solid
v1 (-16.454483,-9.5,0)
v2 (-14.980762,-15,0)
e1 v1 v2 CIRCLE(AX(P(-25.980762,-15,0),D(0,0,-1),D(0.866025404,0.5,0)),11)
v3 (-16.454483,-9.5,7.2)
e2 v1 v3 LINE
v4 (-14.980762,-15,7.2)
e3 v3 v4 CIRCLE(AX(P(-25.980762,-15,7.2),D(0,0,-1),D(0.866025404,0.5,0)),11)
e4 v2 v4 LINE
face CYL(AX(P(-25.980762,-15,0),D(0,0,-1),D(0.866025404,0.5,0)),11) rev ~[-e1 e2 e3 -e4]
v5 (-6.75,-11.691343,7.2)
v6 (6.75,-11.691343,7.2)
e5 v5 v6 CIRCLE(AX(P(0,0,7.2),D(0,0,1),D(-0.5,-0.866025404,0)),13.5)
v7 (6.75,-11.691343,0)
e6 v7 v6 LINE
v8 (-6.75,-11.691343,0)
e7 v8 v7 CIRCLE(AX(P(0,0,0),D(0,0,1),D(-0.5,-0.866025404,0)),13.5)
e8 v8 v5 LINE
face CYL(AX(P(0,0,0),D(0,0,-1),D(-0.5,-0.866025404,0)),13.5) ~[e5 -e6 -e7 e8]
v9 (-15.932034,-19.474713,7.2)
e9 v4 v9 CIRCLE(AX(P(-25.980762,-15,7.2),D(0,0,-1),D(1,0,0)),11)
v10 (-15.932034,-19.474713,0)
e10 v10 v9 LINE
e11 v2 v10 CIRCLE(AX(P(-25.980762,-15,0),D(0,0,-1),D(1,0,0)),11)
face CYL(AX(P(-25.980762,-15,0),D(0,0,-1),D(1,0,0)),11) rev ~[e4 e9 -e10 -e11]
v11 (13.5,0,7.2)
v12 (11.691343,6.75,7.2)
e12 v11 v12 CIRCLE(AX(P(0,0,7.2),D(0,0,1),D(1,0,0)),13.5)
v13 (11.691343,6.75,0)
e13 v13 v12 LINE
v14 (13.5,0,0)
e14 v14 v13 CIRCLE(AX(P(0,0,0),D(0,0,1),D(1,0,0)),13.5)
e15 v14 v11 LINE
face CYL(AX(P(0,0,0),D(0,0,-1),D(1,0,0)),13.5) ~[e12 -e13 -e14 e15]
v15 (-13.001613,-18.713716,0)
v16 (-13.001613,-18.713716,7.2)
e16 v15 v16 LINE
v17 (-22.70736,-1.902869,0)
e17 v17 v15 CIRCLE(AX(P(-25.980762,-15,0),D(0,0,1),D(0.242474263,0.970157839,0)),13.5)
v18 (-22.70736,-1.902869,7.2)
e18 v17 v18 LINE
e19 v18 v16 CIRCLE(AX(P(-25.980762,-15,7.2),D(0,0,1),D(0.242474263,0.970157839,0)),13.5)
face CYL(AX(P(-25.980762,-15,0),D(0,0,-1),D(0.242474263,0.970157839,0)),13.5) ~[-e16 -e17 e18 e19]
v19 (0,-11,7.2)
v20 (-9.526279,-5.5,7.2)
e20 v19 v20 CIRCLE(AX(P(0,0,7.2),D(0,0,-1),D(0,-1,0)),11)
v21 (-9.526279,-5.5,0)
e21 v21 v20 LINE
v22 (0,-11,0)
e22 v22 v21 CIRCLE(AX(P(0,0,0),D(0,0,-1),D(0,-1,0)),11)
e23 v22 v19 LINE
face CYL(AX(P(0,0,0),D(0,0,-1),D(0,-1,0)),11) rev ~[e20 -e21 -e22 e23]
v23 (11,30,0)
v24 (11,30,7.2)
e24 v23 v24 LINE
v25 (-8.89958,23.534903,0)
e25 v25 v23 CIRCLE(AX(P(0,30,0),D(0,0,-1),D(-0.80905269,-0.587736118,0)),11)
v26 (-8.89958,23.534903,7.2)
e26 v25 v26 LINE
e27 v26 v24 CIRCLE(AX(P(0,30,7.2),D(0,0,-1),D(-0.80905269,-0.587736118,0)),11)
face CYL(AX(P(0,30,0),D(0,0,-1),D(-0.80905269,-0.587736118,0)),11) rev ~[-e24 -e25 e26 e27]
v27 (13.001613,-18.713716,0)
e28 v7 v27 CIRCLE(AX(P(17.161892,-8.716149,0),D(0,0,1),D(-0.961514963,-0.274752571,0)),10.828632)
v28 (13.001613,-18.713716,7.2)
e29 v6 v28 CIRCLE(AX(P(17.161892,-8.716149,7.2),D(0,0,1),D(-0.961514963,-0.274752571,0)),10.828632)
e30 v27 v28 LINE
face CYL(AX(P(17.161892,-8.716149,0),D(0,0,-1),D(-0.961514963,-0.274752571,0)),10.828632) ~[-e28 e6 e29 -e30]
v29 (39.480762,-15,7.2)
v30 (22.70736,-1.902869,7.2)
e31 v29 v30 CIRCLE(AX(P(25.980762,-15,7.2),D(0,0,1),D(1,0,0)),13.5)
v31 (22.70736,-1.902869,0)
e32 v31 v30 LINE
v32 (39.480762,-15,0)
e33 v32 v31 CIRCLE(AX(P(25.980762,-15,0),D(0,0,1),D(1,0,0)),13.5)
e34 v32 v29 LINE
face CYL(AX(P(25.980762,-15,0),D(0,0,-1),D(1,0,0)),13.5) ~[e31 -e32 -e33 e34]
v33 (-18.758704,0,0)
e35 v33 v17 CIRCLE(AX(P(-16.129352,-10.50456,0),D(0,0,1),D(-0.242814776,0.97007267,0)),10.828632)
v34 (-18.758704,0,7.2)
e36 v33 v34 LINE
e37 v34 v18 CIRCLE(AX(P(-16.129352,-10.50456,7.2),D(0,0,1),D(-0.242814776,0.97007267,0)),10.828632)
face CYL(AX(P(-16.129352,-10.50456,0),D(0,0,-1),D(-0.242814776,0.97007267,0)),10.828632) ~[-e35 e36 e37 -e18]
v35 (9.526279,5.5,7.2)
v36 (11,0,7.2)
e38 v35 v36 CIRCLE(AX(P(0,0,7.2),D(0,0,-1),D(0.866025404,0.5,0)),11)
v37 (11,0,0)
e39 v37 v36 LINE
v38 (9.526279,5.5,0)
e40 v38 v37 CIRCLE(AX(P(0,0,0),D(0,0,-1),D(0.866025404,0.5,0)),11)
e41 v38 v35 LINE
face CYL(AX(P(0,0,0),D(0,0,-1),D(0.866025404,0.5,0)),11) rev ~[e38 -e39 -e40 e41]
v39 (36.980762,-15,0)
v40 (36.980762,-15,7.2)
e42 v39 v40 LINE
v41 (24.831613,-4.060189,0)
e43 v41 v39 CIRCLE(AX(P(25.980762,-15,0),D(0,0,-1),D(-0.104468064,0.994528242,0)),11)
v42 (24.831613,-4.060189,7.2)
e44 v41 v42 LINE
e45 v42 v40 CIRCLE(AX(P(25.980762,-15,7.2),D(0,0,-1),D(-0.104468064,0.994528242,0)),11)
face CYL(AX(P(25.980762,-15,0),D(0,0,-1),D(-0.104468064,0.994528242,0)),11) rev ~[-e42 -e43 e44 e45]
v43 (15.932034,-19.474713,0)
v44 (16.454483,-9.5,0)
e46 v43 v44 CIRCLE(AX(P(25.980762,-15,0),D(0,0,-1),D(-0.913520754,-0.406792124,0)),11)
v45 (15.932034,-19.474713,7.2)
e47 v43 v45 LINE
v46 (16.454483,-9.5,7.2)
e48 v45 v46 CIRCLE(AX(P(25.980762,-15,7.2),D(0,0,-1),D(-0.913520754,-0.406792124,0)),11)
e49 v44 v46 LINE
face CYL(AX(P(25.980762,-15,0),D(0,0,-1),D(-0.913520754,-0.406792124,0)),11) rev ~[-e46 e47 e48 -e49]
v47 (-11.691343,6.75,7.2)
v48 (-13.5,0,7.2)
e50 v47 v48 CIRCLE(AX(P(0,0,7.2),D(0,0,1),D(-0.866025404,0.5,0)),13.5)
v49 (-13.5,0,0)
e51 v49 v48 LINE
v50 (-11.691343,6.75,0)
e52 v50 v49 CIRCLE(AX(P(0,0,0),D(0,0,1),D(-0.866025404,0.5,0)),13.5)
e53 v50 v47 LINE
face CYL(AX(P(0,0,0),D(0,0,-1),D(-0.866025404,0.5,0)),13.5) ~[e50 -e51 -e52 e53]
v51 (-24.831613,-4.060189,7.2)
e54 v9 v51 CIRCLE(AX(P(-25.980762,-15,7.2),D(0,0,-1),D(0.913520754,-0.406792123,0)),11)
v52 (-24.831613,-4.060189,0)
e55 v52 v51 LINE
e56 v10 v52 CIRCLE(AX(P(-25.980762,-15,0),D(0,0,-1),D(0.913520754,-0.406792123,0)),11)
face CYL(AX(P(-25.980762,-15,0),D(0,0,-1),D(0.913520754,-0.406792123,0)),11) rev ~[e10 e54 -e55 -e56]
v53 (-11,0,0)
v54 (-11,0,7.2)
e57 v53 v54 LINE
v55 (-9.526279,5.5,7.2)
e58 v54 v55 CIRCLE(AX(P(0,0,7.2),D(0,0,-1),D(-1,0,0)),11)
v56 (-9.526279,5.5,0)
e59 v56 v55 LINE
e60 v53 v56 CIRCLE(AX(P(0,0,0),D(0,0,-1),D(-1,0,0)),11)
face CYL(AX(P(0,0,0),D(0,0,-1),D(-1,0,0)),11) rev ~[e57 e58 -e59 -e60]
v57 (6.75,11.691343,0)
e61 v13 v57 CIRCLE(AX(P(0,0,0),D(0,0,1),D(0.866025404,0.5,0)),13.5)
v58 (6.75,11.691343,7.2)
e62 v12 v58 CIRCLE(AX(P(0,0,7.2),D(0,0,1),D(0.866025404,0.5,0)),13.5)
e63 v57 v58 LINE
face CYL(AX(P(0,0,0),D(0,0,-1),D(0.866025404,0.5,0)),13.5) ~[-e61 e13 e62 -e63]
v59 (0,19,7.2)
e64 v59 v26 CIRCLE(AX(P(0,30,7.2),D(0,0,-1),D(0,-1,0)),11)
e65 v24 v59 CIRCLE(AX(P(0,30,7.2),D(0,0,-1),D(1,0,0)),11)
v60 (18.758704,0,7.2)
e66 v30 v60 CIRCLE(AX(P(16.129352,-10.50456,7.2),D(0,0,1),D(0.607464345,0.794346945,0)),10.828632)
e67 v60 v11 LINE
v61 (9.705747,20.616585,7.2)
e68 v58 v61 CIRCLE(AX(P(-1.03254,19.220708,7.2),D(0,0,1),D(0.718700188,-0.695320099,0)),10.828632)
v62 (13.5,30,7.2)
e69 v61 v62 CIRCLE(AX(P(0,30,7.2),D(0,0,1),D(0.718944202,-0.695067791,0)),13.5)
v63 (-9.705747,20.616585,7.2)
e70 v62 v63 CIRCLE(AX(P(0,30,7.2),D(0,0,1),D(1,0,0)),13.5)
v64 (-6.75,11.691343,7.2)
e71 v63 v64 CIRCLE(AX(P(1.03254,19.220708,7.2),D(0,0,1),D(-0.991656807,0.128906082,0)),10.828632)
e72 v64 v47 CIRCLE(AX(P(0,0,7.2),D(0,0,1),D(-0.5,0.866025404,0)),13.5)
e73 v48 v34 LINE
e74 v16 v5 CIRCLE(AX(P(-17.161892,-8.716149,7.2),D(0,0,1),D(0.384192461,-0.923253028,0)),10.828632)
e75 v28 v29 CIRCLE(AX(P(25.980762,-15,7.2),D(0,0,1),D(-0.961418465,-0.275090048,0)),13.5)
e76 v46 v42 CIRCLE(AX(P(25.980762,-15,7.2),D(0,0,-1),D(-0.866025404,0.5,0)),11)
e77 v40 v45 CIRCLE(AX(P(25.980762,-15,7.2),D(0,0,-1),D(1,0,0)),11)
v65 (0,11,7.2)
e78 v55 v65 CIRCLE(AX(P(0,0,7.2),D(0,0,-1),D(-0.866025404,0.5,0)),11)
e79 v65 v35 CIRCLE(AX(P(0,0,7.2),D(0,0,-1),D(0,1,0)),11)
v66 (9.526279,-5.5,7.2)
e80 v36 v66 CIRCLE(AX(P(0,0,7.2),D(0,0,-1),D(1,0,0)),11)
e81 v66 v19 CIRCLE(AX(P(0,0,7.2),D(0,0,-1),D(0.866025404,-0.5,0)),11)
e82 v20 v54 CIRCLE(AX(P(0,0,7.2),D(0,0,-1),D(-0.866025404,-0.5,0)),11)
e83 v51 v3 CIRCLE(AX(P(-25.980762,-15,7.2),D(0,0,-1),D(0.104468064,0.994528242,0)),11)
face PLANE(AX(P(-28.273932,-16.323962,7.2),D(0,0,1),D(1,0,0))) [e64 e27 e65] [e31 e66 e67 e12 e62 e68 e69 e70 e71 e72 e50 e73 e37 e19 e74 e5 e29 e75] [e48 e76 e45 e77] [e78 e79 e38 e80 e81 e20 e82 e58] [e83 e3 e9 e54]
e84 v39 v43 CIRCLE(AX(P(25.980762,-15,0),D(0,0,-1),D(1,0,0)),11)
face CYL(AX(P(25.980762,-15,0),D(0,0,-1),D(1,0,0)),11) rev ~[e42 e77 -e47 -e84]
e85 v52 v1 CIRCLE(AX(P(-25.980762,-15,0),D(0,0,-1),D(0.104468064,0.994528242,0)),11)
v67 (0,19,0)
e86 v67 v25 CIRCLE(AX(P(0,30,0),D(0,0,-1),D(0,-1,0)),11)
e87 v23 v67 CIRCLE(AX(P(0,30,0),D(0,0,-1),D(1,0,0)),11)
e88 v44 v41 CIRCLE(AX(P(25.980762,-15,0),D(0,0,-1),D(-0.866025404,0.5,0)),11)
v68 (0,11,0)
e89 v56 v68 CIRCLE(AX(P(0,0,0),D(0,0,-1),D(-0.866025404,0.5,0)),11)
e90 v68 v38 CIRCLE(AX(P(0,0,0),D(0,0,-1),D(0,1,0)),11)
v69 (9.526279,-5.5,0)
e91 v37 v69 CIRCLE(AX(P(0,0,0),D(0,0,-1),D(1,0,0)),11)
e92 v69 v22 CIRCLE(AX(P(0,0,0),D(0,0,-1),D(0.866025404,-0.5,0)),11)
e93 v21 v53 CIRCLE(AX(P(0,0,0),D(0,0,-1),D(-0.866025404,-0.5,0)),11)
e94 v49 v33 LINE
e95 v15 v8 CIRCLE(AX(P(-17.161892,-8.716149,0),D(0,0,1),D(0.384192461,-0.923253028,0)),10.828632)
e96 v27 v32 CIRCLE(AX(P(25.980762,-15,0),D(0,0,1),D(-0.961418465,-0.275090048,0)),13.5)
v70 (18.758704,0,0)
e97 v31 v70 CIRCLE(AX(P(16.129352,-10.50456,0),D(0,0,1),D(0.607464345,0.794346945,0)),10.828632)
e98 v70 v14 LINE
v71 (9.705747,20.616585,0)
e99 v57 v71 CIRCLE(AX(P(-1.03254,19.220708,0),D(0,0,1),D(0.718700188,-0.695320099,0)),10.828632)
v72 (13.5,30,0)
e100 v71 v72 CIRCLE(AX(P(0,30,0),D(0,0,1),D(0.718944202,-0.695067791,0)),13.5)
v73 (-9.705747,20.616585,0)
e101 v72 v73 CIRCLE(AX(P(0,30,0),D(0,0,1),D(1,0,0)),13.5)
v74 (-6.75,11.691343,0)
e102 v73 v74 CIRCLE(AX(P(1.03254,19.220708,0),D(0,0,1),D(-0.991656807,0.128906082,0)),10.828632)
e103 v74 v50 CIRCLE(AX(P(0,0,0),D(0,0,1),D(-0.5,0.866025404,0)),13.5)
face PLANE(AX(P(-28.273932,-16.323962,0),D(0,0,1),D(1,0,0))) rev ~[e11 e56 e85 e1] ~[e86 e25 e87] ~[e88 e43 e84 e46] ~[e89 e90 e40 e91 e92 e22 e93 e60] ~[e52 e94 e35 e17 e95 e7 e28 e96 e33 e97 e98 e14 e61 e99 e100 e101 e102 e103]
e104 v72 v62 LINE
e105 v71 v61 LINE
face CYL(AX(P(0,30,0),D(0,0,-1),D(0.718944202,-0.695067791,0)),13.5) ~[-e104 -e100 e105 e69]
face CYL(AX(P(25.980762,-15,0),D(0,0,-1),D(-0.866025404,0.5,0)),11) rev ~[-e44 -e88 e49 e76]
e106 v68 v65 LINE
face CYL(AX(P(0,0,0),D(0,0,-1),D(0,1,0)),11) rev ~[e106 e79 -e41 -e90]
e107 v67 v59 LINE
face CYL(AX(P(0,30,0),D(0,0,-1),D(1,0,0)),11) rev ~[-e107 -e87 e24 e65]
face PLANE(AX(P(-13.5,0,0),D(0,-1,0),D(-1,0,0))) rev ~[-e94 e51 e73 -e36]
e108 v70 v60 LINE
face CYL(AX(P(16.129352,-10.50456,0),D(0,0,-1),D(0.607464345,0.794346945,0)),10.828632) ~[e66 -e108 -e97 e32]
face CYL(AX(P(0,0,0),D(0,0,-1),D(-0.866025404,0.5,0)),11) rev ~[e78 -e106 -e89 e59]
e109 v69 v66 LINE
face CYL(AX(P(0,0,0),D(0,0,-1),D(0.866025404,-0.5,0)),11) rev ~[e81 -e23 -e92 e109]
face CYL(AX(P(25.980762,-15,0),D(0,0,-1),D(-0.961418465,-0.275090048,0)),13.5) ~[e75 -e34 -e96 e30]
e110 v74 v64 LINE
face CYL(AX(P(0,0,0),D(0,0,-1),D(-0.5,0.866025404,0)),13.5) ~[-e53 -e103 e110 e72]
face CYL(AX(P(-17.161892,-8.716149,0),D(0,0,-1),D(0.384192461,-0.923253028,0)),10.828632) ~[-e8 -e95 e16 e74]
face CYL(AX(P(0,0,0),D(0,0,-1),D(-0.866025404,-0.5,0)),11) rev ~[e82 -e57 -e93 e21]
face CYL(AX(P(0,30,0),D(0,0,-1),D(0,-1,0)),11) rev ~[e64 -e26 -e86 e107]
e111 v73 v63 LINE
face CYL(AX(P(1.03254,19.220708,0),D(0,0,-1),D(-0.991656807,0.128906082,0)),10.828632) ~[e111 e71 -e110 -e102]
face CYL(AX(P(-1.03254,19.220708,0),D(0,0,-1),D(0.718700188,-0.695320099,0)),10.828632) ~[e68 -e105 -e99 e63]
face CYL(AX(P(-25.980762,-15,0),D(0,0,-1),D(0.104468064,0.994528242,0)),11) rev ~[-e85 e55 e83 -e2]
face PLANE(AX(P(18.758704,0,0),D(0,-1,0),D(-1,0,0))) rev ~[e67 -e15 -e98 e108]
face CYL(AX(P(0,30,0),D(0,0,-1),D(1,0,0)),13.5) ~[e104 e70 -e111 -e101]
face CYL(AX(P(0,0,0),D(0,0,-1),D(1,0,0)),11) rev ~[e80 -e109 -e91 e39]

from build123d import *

# Parameters (mm, degrees)
F1_DEPTH = 7.2


with BuildPart() as f1:
    # F0 (on Top) → F1 (new body)
    with BuildSketch(Plane.XY):
        with BuildLine():
            ThreePointArc((-22.7073595632, -1.902869179), (-37.6721050646, -21.75), (-13.0016128307, -18.7137156451))
            ThreePointArc((-13.0016128307, -18.7137156451), (-14.4400957969, -19.1971358452), (-15.9320338179, -19.4747133584))
            ThreePointArc((-15.9320338179, -19.4747133584), (-35.5070415552, -20.5), (-24.8316134088, -4.060189341))
            ThreePointArc((-24.8316134088, -4.060189341), (-23.8452552203, -2.9069218706), (-22.7073595632, -1.902869179))
        make_face()
        with BuildLine():
            ThreePointArc((-6.75, -11.6913429511), (-9.545941546, -9.545941546), (-11.6913429511, -6.75))
            Line((-11.6913429511, -6.75), (-14.2894191624, -8.25))
            ThreePointArc((-14.2894191624, -8.25), (-12.9407634586, -11.5059428911), (-12.4807621135, -15))
            ThreePointArc((-12.4807621135, -15), (-12.6116088995, -16.8750312906), (-13.0016128307, -18.7137156451))
            ThreePointArc((-13.0016128307, -18.7137156451), (-9.0739087263, -15.9164124969), (-6.75, -11.6913429511))
        make_face()
        with BuildLine():
            Line((-14.2894191624, -8.25), (-11.6913429511, -6.75))
            ThreePointArc((-11.6913429511, -6.75), (-13.0399986549, -3.4940571089), (-13.5, 0))
            Line((-13.5, 0), (-18.7587036207, 0))
            ThreePointArc((-18.7587036207, 0), (-20.8303192969, -0.7495522538), (-22.7073595632, -1.902869179))
            ThreePointArc((-22.7073595632, -1.902869179), (-17.8531905577, -4.2207337632), (-14.2894191624, -8.25))
        make_face()
        with BuildLine():
            Line((-16.4544826719, -9.5), (-14.2894191624, -8.25))
            ThreePointArc((-14.2894191624, -8.25), (-17.8531905577, -4.2207337632), (-22.7073595632, -1.902869179))
            ThreePointArc((-22.7073595632, -1.902869179), (-23.8452552203, -2.9069218706), (-24.8316134088, -4.060189341))
            ThreePointArc((-24.8316134088, -4.060189341), (-19.9900128675, -5.7744418342), (-16.4544826719, -9.5))
        make_face()
        with BuildLine():
            ThreePointArc((-12.4807621135, -15), (-12.9407634586, -11.5059428911), (-14.2894191624, -8.25))
            Line((-14.2894191624, -8.25), (-16.4544826719, -9.5))
            ThreePointArc((-16.4544826719, -9.5), (-15.3555780244, -12.1529905039), (-14.9807621135, -15))
            ThreePointArc((-14.9807621135, -15), (-15.221207958, -17.2873553231), (-15.9320338179, -19.4747133584))
            ThreePointArc((-15.9320338179, -19.4747133584), (-14.4400957969, -19.1971358452), (-13.0016128307, -18.7137156451))
            ThreePointArc((-13.0016128307, -18.7137156451), (-12.6116088995, -16.8750312906), (-12.4807621135, -15))
        make_face()
        with BuildLine():
            Line((16.4544826719, -9.5), (14.2894191624, -8.25))
            ThreePointArc((14.2894191624, -8.25), (12.5818579404, -13.35094968), (13.0016128307, -18.7137156451))
            ThreePointArc((13.0016128307, -18.7137156451), (14.4400957969, -19.1971358452), (15.9320338179, -19.4747133584))
            ThreePointArc((15.9320338179, -19.4747133584), (14.9958197548, -14.4246380482), (16.4544826719, -9.5))
        make_face()
        with BuildLine():
            Line((14.2894191624, -8.25), (11.6913429511, -6.75))
            ThreePointArc((11.6913429511, -6.75), (9.545941546, -9.545941546), (6.75, -11.6913429511))
            ThreePointArc((6.75, -11.6913429511), (9.0739087263, -15.9164124969), (13.0016128307, -18.7137156451))
            ThreePointArc((13.0016128307, -18.7137156451), (12.5818579404, -13.35094968), (14.2894191624, -8.25))
        make_face()
        with BuildLine():
            Line((18.7587036207, 0), (13.5, 0))
            ThreePointArc((13.5, 0), (13.0399986549, -3.4940571089), (11.6913429511, -6.75))
            Line((11.6913429511, -6.75), (14.2894191624, -8.25))
            ThreePointArc((14.2894191624, -8.25), (17.8531905577, -4.2207337632), (22.7073595632, -1.902869179))
            ThreePointArc((22.7073595632, -1.902869179), (20.8303192969, -0.7495522538), (18.7587036207, 0))
        make_face()
        with BuildLine():
            ThreePointArc((39.4807621135, -15), (34.2891634511, -4.3594893349), (22.7073595632, -1.902869179))
            ThreePointArc((22.7073595632, -1.902869179), (23.8452552203, -2.9069218706), (24.8316134088, -4.060189341))
            ThreePointArc((24.8316134088, -4.060189341), (33.3414470086, -6.8256304294), (36.9807621135, -15))
            ThreePointArc((36.9807621135, -15), (28.2681174366, -25.7595541555), (15.9320338179, -19.4747133584))
            ThreePointArc((15.9320338179, -19.4747133584), (14.4400957969, -19.1971358452), (13.0016128307, -18.7137156451))
            ThreePointArc((13.0016128307, -18.7137156451), (27.8557934041, -28.369153214), (39.4807621135, -15))
        make_face()
        with BuildLine():
            ThreePointArc((22.7073595632, -1.902869179), (17.8531905577, -4.2207337632), (14.2894191624, -8.25))
            Line((14.2894191624, -8.25), (16.4544826719, -9.5))
            ThreePointArc((16.4544826719, -9.5), (19.9900128675, -5.7744418342), (24.8316134088, -4.060189341))
            ThreePointArc((24.8316134088, -4.060189341), (23.8452552203, -2.9069218706), (22.7073595632, -1.902869179))
        make_face()
        with BuildLine():
            ThreePointArc((0, 11), (5.5, 9.5262794416), (9.5262794416, 5.5))
            Line((9.5262794416, 5.5), (11.6913429511, 6.75))
            ThreePointArc((11.6913429511, 6.75), (9.545941546, 9.545941546), (6.75, 11.6913429511))
            ThreePointArc((6.75, 11.6913429511), (3.4940571089, 13.0399986549), (0, 13.5))
            Line((0, 13.5), (0, 11))
        make_face()
        with BuildLine():
            ThreePointArc((9.5262794416, 5.5), (10.6251840892, 2.8470094961), (11, 0))
            Line((11, 0), (13.5, 0))
            ThreePointArc((13.5, 0), (13.0399986549, 3.4940571089), (11.6913429511, 6.75))
            Line((11.6913429511, 6.75), (9.5262794416, 5.5))
        make_face()
        with BuildLine():
            Line((13.5, 0), (11, 0))
            ThreePointArc((11, 0), (10.6251840892, -2.8470094961), (9.5262794416, -5.5))
            Line((9.5262794416, -5.5), (11.6913429511, -6.75))
            ThreePointArc((11.6913429511, -6.75), (13.0399986549, -3.4940571089), (13.5, 0))
        make_face()
        with BuildLine():
            Line((11.6913429511, -6.75), (9.5262794416, -5.5))
            ThreePointArc((9.5262794416, -5.5), (5.5, -9.5262794416), (0, -11))
            Line((0, -11), (0, -13.5))
            ThreePointArc((0, -13.5), (3.4940571089, -13.0399986549), (6.75, -11.6913429511))
            ThreePointArc((6.75, -11.6913429511), (9.545941546, -9.545941546), (11.6913429511, -6.75))
        make_face()
        with BuildLine():
            Line((0, -13.5), (0, -11))
            ThreePointArc((0, -11), (-5.5, -9.5262794416), (-9.5262794416, -5.5))
            Line((-9.5262794416, -5.5), (-11.6913429511, -6.75))
            ThreePointArc((-11.6913429511, -6.75), (-9.545941546, -9.545941546), (-6.75, -11.6913429511))
            ThreePointArc((-6.75, -11.6913429511), (-3.4940571089, -13.0399986549), (0, -13.5))
        make_face()
        with BuildLine():
            Line((-11.6913429511, -6.75), (-9.5262794416, -5.5))
            ThreePointArc((-9.5262794416, -5.5), (-10.6251840892, -2.8470094961), (-11, 0))
            Line((-11, 0), (-13.5, 0))
            ThreePointArc((-13.5, 0), (-13.0399986549, -3.4940571089), (-11.6913429511, -6.75))
        make_face()
        with BuildLine():
            Line((-13.5, 0), (-11, 0))
            ThreePointArc((-11, 0), (-10.6251840892, 2.8470094961), (-9.5262794416, 5.5))
            Line((-9.5262794416, 5.5), (-11.6913429511, 6.75))
            ThreePointArc((-11.6913429511, 6.75), (-13.0399986549, 3.4940571089), (-13.5, 0))
        make_face()
        with BuildLine():
            ThreePointArc((-9.5262794416, 5.5), (-5.5, 9.5262794416), (0, 11))
            Line((0, 11), (0, 13.5))
            ThreePointArc((0, 13.5), (-3.4940571089, 13.0399986549), (-6.75, 11.6913429511))
            ThreePointArc((-6.75, 11.6913429511), (-9.545941546, 9.545941546), (-11.6913429511, 6.75))
            Line((-11.6913429511, 6.75), (-9.5262794416, 5.5))
        make_face()
        with BuildLine():
            ThreePointArc((-6.75, 11.6913429511), (-3.4940571089, 13.0399986549), (0, 13.5))
            Line((0, 13.5), (0, 16.5))
            ThreePointArc((0, 16.5), (-5.2713326173, 17.5716834431), (-9.7057467326, 20.6165848241))
            ThreePointArc((-9.7057467326, 20.6165848241), (-9.2470631962, 15.816441717), (-6.75, 11.6913429511))
        make_face()
        with BuildLine():
            Line((0, 16.5), (0, 13.5))
            ThreePointArc((0, 13.5), (3.4940571089, 13.0399986549), (6.75, 11.6913429511))
            ThreePointArc((6.75, 11.6913429511), (9.2470631962, 15.816441717), (9.7057467326, 20.6165848241))
            ThreePointArc((9.7057467326, 20.6165848241), (5.2713326173, 17.5716834431), (0, 16.5))
        make_face()
        with BuildLine():
            Line((0, 19), (0, 16.5))
            ThreePointArc((0, 16.5), (5.2713326173, 17.5716834431), (9.7057467326, 20.6165848241))
            ThreePointArc((9.7057467326, 20.6165848241), (9.4051594234, 22.1040577159), (8.8995795909, 23.5349026995))
            ThreePointArc((8.8995795909, 23.5349026995), (4.9941931127, 20.1990798823), (0, 19))
        make_face()
        with BuildLine():
            ThreePointArc((-9.7057467326, 20.6165848241), (-5.2713326173, 17.5716834431), (0, 16.5))
            Line((0, 16.5), (0, 19))
            ThreePointArc((0, 19), (-4.9941931127, 20.1990798823), (-8.8995795909, 23.5349026995))
            ThreePointArc((-8.8995795909, 23.5349026995), (-9.4051594234, 22.1040577159), (-9.7057467326, 20.6165848241))
        make_face()
        with BuildLine():
            ThreePointArc((8.8995795909, 23.5349026995), (9.4051594234, 22.1040577159), (9.7057467326, 20.6165848241))
            ThreePointArc((9.7057467326, 20.6165848241), (12.5155419557, 24.9392481235), (13.5, 30))
            ThreePointArc((13.5, 30), (-5.0607518765, 42.5155419557), (-9.7057467326, 20.6165848241))
            ThreePointArc((-9.7057467326, 20.6165848241), (-9.4051594234, 22.1040577159), (-8.8995795909, 23.5349026995))
            ThreePointArc((-8.8995795909, 23.5349026995), (-3.3988692605, 40.4617248936), (11, 30))
            ThreePointArc((11, 30), (10.4617248936, 26.6011307395), (8.8995795909, 23.5349026995))
        make_face()
    extrude(amount=F1_DEPTH)


solid = f1.part
